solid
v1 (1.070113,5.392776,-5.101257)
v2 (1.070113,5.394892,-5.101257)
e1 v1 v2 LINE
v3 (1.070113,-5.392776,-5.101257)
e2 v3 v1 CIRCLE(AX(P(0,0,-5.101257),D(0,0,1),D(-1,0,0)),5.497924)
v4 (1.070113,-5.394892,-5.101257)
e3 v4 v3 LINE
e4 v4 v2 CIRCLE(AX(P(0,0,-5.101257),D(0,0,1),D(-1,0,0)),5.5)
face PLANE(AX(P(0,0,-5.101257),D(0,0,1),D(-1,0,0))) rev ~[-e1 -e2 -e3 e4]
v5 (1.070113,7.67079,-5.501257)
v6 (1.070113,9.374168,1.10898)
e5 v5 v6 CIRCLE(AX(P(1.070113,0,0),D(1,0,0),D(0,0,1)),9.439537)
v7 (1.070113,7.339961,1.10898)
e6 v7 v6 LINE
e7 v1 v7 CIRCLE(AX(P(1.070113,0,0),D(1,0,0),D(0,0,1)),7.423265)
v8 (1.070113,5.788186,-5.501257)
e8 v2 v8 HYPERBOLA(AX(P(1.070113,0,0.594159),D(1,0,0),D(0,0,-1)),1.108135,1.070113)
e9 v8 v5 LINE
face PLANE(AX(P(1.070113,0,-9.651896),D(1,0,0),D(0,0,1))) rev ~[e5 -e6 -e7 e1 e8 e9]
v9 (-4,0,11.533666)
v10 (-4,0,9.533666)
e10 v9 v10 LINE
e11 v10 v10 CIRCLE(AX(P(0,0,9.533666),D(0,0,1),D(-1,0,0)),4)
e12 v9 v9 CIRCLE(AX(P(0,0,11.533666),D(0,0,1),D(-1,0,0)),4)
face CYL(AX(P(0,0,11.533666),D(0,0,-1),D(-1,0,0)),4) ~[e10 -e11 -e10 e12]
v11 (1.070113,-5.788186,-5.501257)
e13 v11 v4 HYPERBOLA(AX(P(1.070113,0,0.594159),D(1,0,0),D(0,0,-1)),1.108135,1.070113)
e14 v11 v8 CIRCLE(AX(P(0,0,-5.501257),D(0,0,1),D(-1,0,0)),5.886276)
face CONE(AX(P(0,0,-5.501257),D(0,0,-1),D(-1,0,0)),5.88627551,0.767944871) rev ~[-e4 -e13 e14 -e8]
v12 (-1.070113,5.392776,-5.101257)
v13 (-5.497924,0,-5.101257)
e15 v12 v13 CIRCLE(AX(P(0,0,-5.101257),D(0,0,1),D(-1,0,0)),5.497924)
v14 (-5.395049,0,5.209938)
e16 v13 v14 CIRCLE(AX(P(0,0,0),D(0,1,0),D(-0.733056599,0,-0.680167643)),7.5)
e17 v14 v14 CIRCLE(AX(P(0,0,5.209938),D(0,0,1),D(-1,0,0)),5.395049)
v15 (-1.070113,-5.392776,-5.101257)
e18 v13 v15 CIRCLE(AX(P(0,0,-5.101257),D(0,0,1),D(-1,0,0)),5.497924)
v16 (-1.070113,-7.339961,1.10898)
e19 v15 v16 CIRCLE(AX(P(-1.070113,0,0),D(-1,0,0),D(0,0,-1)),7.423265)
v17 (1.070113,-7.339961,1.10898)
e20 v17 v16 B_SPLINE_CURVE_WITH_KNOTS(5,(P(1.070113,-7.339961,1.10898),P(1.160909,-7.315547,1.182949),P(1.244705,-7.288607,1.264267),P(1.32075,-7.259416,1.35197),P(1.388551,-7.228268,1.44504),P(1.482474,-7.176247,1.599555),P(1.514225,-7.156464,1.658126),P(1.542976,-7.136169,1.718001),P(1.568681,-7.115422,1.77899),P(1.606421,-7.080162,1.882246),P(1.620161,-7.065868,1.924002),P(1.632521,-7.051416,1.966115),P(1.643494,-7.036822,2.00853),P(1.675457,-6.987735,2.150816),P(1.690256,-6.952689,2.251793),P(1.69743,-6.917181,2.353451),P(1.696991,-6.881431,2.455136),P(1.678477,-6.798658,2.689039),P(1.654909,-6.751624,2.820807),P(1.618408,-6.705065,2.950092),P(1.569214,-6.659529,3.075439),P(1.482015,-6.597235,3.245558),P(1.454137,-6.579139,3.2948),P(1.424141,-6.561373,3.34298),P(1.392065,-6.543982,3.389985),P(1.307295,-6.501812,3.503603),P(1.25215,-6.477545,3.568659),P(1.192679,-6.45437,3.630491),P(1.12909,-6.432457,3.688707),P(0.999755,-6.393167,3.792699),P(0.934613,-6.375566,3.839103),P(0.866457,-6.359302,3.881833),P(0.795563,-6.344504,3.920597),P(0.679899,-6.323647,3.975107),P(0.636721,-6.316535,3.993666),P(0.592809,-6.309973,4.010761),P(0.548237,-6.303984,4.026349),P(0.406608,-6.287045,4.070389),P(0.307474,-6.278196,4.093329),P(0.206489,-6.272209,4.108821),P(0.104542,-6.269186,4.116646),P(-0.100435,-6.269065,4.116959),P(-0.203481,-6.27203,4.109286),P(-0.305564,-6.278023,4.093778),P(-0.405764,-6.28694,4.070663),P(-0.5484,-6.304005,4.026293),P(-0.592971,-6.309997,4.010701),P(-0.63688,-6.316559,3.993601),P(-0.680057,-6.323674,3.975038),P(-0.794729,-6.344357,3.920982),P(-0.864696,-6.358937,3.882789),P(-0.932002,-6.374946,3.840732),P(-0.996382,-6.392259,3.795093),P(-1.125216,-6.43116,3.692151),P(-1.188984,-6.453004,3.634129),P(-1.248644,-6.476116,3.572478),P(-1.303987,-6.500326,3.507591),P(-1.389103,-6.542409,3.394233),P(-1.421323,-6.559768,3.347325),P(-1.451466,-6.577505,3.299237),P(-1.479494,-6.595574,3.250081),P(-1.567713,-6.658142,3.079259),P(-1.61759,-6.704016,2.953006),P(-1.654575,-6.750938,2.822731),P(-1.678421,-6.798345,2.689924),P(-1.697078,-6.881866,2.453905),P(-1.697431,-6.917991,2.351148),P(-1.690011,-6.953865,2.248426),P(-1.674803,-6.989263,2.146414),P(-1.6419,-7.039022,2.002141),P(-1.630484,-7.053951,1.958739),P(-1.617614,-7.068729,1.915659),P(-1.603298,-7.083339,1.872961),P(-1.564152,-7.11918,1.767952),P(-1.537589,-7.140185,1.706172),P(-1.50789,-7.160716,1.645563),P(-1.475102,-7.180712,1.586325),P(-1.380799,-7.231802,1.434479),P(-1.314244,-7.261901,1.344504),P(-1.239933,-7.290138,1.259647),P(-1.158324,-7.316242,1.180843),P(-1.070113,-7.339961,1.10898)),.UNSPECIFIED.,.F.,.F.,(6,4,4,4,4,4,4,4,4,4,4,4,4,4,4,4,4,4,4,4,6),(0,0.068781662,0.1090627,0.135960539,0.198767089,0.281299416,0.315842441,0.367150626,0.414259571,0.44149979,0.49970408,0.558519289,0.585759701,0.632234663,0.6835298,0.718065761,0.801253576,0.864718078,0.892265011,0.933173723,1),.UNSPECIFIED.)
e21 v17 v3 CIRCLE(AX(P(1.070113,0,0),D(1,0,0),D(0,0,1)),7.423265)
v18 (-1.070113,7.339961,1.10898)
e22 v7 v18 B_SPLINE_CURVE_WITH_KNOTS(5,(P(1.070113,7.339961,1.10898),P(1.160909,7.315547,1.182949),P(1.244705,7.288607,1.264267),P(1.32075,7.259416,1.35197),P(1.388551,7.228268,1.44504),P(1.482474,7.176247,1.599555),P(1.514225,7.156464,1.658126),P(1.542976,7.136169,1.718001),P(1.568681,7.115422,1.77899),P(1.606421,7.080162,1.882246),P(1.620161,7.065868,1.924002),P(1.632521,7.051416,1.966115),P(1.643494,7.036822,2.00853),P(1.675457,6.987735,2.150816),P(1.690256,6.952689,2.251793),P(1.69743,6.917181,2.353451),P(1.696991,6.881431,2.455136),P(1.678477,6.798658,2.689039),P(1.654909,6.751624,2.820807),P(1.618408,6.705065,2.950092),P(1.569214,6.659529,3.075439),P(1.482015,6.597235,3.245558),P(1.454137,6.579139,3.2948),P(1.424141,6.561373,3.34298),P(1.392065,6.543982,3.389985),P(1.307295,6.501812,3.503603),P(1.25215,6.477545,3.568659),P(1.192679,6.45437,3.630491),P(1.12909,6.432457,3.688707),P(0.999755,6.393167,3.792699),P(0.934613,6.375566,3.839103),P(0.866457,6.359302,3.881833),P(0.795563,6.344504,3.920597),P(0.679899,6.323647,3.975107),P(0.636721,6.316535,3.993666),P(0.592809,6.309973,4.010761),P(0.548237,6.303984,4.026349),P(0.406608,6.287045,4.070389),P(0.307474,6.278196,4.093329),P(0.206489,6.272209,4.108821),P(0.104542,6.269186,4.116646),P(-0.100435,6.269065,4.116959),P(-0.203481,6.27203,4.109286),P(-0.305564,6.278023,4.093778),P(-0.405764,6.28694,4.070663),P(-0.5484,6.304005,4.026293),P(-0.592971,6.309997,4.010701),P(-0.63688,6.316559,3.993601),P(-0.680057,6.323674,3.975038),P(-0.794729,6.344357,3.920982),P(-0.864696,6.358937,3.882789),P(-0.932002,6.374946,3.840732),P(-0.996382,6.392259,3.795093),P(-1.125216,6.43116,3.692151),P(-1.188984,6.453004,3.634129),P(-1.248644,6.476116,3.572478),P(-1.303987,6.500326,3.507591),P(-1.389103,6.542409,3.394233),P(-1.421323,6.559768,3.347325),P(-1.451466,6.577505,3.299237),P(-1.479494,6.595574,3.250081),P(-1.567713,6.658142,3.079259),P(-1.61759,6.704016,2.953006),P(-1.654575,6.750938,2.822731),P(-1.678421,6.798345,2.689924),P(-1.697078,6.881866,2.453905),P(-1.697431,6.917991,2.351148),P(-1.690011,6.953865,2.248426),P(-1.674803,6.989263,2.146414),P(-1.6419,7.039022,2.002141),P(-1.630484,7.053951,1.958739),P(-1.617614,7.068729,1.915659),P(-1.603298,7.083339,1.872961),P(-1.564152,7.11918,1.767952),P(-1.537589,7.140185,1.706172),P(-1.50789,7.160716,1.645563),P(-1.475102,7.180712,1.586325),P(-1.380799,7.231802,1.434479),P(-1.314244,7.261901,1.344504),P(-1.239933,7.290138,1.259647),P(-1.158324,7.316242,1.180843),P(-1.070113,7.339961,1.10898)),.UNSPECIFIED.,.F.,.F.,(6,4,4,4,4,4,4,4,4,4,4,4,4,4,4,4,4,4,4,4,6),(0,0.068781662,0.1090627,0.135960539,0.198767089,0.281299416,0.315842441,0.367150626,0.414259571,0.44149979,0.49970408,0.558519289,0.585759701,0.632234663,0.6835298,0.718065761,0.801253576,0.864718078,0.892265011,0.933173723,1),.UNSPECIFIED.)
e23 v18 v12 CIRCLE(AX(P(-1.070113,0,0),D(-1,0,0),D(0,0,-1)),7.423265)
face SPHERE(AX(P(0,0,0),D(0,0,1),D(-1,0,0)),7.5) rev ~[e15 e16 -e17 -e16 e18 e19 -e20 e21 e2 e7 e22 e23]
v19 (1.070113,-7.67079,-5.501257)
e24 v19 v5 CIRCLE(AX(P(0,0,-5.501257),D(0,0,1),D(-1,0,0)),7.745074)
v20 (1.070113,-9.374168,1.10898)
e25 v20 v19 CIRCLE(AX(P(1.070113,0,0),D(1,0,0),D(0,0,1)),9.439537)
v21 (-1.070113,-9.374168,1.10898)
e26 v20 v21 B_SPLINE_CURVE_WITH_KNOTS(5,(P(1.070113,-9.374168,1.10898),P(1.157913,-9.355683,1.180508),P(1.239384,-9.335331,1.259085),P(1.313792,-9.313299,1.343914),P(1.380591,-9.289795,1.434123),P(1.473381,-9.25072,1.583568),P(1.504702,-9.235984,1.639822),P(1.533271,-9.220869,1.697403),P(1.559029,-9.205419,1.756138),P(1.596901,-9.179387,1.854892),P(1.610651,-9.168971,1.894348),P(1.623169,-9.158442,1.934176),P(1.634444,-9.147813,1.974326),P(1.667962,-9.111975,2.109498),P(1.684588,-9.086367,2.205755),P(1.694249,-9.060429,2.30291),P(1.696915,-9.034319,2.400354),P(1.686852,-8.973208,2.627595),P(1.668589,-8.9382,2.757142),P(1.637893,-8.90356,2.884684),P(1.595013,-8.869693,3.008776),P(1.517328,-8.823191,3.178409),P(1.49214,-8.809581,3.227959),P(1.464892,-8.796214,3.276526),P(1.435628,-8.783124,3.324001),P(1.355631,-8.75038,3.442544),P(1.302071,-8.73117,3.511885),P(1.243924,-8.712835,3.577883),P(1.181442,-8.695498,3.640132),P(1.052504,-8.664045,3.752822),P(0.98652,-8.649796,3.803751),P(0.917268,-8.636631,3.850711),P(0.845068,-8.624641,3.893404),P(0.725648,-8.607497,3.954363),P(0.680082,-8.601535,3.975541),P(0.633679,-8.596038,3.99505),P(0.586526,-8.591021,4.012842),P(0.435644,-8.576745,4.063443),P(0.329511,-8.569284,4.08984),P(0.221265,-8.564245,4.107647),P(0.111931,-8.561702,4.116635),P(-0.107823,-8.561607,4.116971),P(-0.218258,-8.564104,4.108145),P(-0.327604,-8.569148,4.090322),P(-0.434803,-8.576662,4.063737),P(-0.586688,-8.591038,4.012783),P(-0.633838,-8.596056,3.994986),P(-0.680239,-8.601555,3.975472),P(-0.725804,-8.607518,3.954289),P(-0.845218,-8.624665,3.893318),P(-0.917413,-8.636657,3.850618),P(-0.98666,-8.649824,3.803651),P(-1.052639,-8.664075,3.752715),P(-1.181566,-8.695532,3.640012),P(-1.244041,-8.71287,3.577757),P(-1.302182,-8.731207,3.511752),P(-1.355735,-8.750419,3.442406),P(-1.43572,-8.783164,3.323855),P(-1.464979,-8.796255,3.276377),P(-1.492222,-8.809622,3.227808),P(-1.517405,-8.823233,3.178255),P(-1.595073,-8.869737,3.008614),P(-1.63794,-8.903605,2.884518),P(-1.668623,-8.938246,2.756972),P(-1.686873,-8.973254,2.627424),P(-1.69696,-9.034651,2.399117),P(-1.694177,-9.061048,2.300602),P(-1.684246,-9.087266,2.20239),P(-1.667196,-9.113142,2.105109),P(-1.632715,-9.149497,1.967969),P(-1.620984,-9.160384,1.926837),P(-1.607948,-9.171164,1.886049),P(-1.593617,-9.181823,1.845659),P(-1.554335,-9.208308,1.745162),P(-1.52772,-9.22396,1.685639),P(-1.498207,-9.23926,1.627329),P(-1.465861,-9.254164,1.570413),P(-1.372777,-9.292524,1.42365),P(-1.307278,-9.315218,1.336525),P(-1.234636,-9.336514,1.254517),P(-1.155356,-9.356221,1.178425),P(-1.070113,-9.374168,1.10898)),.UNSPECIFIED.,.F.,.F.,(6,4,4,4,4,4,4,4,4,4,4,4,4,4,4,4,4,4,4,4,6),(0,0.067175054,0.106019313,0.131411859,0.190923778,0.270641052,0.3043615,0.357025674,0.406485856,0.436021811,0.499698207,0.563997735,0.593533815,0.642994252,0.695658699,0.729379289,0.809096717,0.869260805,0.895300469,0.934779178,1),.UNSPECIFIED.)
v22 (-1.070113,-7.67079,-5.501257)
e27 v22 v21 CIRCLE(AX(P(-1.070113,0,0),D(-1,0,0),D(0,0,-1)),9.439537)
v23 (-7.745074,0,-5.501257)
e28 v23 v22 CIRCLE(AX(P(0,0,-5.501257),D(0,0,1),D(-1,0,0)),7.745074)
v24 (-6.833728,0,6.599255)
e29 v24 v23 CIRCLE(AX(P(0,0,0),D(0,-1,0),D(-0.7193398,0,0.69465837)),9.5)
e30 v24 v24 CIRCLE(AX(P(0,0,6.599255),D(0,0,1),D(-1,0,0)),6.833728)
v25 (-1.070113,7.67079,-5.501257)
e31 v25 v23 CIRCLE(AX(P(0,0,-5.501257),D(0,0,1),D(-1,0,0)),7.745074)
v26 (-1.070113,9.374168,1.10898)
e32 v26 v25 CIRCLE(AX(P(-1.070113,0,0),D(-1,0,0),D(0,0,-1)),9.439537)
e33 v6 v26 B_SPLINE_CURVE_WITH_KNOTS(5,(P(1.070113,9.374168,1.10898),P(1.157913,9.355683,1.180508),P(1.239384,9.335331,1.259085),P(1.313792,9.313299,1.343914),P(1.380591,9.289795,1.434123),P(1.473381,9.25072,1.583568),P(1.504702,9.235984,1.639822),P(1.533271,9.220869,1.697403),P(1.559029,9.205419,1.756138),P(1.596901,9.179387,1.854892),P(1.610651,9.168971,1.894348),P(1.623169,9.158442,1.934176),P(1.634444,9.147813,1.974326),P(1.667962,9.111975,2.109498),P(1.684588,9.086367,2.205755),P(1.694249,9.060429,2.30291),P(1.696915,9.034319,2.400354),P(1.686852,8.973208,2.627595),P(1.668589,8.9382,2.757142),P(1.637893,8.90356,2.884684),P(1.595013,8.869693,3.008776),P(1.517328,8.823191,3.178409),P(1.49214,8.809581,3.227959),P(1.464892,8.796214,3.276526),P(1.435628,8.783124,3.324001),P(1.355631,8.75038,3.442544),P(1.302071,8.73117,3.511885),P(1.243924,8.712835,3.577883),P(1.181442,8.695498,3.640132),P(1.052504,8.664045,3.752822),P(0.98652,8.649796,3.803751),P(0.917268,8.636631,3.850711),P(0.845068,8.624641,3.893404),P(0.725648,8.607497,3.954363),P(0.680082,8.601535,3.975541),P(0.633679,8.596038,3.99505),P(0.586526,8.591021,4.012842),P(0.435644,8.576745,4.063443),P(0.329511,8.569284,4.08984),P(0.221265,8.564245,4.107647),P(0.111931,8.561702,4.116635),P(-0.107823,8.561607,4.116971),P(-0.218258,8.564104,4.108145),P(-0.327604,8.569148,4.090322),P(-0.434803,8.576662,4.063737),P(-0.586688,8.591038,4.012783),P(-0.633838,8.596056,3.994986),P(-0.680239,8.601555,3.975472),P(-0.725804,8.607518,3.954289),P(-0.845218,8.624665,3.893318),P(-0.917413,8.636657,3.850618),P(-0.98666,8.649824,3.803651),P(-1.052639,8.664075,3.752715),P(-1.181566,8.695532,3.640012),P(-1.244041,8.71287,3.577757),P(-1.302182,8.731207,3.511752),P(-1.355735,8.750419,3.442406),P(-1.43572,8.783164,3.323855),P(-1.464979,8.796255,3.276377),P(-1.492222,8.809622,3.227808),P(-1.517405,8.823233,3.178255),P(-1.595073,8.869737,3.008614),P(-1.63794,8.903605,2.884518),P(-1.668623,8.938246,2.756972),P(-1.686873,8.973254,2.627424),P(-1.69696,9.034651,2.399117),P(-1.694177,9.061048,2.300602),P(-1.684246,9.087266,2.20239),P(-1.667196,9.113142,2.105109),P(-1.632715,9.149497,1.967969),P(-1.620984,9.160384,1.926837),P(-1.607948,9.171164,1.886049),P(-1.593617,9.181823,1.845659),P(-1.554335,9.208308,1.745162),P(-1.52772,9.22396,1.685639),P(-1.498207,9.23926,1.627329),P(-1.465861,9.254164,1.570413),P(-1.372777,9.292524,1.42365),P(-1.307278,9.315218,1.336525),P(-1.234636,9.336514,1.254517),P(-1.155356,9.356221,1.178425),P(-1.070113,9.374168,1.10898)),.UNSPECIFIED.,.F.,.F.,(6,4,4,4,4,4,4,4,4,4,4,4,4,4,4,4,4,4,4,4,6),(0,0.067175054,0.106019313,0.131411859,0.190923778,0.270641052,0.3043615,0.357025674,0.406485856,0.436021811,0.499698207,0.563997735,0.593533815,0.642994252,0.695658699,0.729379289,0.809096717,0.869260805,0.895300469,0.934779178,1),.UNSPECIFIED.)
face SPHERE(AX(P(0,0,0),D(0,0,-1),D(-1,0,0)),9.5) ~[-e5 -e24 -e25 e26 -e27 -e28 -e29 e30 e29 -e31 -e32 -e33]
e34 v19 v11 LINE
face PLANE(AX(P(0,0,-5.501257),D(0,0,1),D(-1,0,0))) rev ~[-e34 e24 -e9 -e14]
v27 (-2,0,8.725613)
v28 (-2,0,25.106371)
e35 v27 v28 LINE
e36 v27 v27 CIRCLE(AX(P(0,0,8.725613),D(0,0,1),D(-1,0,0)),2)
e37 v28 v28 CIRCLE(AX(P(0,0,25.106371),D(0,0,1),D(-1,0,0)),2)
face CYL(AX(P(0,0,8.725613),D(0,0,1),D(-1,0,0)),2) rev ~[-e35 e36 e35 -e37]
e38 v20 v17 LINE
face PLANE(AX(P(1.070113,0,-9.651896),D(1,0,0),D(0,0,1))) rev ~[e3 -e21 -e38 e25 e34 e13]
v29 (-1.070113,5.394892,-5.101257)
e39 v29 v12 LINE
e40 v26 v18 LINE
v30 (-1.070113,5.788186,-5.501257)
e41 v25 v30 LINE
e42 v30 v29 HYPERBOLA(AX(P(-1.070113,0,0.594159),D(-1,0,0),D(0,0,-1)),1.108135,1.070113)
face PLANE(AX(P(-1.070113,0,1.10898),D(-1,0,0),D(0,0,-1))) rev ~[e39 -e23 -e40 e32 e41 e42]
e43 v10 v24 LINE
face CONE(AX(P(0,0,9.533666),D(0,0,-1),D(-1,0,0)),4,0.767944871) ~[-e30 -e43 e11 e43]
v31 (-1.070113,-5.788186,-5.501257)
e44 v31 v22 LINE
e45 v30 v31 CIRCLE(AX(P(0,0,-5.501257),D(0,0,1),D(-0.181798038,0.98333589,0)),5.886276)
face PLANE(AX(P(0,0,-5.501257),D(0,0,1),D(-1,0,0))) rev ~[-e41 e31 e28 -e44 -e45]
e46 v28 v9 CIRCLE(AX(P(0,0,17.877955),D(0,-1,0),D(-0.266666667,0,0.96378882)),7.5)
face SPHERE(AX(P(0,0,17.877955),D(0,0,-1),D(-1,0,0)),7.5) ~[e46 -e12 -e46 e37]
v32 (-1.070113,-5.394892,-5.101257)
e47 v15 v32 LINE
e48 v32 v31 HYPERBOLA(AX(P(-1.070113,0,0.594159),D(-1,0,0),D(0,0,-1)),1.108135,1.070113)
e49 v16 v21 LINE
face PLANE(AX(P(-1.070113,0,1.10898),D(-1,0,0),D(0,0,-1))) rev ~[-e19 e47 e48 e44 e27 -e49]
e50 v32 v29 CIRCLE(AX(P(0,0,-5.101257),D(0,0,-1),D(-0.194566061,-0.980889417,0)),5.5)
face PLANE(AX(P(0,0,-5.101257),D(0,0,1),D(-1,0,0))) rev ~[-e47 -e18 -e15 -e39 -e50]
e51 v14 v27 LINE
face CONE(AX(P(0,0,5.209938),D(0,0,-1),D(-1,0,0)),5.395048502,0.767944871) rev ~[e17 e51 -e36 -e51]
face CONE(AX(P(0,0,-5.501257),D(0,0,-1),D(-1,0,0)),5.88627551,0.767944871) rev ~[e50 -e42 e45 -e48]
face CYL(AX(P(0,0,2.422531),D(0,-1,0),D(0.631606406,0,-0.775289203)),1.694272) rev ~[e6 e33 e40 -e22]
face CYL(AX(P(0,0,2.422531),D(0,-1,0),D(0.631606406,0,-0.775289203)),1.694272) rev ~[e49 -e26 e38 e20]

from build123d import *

# Parameters (mm, degrees)
F3_DEPTH = 12.5


with BuildPart() as f1:
    # F0 (on Front) → F1 (revolve)
    with BuildSketch(Plane.XZ):
        with BuildLine():
            ThreePointArc((-4, 11.5336658713), (-3.0323951432, 11.0183205627), (-2, 10.6495384941))
            Line((-2, 10.6495384941), (-2, 25.1063707889))
            ThreePointArc((-2, 25.1063707889), (-7.4198773369, 18.971307423), (-4, 11.5336658713))
        make_face()
        with BuildLine():
            Line((-5.5, -5.1012573213), (-5.497924494, -5.1012573213))
            ThreePointArc((-5.497924494, -5.1012573213), (-7.4996267422, 0.0748246473), (-5.3950485025, 5.2099377784))
            Line((-5.3950485025, 5.2099377784), (-2, 8.7256134196))
            Line((-2, 8.7256134196), (-2, 10.6495384941))
            ThreePointArc((-2, 10.6495384941), (-3.0323951432, 11.0183205627), (-4, 11.5336658713))
            Line((-4, 11.5336658713), (-4, 9.5336658713))
            Line((-4, 9.5336658713), (-6.8337281032, 6.5992545194))
            ThreePointArc((-6.8337281032, 6.5992545194), (-9.4731706837, 0.7134684283), (-7.7450737817, -5.5012573213))
            Line((-7.7450737817, -5.5012573213), (-5.8862755099, -5.5012573213))
            Line((-5.8862755099, -5.5012573213), (-5.5, -5.1012573213))
        make_face()
    revolve(axis=Axis((0, 0, 8.9389773208), (0, 0, 1)))

    # F2 (on Front) → F3 (cut, symmetric)
    with BuildSketch(Plane.XZ):
        with BuildLine():
            ThreePointArc((1.0701133368, 1.1089802261), (1.5302977992, 1.6953809007), (1.6942724564, 2.4225313682))
            ThreePointArc((1.6942724564, 2.4225313682), (-0.7271504675, 3.9528291674), (-1.0701133368, 1.1089802261))
            ThreePointArc((-1.0701133368, 1.1089802261), (0, 0.7282589118), (1.0701133368, 1.1089802261))
        make_face()
        with BuildLine():
            ThreePointArc((1.0701133368, 1.1089802261), (0, 0.7282589118), (-1.0701133368, 1.1089802261))
            Line((-1.0701133368, 1.1089802261), (-1.0701133368, -9.6518955749))
            Line((-1.0701133368, -9.6518955749), (1.0701133368, -9.6518955749))
            Line((1.0701133368, -9.6518955749), (1.0701133368, 1.1089802261))
        make_face()
    extrude(amount=F3_DEPTH, both=True, mode=Mode.SUBTRACT)


solid = f1.part
